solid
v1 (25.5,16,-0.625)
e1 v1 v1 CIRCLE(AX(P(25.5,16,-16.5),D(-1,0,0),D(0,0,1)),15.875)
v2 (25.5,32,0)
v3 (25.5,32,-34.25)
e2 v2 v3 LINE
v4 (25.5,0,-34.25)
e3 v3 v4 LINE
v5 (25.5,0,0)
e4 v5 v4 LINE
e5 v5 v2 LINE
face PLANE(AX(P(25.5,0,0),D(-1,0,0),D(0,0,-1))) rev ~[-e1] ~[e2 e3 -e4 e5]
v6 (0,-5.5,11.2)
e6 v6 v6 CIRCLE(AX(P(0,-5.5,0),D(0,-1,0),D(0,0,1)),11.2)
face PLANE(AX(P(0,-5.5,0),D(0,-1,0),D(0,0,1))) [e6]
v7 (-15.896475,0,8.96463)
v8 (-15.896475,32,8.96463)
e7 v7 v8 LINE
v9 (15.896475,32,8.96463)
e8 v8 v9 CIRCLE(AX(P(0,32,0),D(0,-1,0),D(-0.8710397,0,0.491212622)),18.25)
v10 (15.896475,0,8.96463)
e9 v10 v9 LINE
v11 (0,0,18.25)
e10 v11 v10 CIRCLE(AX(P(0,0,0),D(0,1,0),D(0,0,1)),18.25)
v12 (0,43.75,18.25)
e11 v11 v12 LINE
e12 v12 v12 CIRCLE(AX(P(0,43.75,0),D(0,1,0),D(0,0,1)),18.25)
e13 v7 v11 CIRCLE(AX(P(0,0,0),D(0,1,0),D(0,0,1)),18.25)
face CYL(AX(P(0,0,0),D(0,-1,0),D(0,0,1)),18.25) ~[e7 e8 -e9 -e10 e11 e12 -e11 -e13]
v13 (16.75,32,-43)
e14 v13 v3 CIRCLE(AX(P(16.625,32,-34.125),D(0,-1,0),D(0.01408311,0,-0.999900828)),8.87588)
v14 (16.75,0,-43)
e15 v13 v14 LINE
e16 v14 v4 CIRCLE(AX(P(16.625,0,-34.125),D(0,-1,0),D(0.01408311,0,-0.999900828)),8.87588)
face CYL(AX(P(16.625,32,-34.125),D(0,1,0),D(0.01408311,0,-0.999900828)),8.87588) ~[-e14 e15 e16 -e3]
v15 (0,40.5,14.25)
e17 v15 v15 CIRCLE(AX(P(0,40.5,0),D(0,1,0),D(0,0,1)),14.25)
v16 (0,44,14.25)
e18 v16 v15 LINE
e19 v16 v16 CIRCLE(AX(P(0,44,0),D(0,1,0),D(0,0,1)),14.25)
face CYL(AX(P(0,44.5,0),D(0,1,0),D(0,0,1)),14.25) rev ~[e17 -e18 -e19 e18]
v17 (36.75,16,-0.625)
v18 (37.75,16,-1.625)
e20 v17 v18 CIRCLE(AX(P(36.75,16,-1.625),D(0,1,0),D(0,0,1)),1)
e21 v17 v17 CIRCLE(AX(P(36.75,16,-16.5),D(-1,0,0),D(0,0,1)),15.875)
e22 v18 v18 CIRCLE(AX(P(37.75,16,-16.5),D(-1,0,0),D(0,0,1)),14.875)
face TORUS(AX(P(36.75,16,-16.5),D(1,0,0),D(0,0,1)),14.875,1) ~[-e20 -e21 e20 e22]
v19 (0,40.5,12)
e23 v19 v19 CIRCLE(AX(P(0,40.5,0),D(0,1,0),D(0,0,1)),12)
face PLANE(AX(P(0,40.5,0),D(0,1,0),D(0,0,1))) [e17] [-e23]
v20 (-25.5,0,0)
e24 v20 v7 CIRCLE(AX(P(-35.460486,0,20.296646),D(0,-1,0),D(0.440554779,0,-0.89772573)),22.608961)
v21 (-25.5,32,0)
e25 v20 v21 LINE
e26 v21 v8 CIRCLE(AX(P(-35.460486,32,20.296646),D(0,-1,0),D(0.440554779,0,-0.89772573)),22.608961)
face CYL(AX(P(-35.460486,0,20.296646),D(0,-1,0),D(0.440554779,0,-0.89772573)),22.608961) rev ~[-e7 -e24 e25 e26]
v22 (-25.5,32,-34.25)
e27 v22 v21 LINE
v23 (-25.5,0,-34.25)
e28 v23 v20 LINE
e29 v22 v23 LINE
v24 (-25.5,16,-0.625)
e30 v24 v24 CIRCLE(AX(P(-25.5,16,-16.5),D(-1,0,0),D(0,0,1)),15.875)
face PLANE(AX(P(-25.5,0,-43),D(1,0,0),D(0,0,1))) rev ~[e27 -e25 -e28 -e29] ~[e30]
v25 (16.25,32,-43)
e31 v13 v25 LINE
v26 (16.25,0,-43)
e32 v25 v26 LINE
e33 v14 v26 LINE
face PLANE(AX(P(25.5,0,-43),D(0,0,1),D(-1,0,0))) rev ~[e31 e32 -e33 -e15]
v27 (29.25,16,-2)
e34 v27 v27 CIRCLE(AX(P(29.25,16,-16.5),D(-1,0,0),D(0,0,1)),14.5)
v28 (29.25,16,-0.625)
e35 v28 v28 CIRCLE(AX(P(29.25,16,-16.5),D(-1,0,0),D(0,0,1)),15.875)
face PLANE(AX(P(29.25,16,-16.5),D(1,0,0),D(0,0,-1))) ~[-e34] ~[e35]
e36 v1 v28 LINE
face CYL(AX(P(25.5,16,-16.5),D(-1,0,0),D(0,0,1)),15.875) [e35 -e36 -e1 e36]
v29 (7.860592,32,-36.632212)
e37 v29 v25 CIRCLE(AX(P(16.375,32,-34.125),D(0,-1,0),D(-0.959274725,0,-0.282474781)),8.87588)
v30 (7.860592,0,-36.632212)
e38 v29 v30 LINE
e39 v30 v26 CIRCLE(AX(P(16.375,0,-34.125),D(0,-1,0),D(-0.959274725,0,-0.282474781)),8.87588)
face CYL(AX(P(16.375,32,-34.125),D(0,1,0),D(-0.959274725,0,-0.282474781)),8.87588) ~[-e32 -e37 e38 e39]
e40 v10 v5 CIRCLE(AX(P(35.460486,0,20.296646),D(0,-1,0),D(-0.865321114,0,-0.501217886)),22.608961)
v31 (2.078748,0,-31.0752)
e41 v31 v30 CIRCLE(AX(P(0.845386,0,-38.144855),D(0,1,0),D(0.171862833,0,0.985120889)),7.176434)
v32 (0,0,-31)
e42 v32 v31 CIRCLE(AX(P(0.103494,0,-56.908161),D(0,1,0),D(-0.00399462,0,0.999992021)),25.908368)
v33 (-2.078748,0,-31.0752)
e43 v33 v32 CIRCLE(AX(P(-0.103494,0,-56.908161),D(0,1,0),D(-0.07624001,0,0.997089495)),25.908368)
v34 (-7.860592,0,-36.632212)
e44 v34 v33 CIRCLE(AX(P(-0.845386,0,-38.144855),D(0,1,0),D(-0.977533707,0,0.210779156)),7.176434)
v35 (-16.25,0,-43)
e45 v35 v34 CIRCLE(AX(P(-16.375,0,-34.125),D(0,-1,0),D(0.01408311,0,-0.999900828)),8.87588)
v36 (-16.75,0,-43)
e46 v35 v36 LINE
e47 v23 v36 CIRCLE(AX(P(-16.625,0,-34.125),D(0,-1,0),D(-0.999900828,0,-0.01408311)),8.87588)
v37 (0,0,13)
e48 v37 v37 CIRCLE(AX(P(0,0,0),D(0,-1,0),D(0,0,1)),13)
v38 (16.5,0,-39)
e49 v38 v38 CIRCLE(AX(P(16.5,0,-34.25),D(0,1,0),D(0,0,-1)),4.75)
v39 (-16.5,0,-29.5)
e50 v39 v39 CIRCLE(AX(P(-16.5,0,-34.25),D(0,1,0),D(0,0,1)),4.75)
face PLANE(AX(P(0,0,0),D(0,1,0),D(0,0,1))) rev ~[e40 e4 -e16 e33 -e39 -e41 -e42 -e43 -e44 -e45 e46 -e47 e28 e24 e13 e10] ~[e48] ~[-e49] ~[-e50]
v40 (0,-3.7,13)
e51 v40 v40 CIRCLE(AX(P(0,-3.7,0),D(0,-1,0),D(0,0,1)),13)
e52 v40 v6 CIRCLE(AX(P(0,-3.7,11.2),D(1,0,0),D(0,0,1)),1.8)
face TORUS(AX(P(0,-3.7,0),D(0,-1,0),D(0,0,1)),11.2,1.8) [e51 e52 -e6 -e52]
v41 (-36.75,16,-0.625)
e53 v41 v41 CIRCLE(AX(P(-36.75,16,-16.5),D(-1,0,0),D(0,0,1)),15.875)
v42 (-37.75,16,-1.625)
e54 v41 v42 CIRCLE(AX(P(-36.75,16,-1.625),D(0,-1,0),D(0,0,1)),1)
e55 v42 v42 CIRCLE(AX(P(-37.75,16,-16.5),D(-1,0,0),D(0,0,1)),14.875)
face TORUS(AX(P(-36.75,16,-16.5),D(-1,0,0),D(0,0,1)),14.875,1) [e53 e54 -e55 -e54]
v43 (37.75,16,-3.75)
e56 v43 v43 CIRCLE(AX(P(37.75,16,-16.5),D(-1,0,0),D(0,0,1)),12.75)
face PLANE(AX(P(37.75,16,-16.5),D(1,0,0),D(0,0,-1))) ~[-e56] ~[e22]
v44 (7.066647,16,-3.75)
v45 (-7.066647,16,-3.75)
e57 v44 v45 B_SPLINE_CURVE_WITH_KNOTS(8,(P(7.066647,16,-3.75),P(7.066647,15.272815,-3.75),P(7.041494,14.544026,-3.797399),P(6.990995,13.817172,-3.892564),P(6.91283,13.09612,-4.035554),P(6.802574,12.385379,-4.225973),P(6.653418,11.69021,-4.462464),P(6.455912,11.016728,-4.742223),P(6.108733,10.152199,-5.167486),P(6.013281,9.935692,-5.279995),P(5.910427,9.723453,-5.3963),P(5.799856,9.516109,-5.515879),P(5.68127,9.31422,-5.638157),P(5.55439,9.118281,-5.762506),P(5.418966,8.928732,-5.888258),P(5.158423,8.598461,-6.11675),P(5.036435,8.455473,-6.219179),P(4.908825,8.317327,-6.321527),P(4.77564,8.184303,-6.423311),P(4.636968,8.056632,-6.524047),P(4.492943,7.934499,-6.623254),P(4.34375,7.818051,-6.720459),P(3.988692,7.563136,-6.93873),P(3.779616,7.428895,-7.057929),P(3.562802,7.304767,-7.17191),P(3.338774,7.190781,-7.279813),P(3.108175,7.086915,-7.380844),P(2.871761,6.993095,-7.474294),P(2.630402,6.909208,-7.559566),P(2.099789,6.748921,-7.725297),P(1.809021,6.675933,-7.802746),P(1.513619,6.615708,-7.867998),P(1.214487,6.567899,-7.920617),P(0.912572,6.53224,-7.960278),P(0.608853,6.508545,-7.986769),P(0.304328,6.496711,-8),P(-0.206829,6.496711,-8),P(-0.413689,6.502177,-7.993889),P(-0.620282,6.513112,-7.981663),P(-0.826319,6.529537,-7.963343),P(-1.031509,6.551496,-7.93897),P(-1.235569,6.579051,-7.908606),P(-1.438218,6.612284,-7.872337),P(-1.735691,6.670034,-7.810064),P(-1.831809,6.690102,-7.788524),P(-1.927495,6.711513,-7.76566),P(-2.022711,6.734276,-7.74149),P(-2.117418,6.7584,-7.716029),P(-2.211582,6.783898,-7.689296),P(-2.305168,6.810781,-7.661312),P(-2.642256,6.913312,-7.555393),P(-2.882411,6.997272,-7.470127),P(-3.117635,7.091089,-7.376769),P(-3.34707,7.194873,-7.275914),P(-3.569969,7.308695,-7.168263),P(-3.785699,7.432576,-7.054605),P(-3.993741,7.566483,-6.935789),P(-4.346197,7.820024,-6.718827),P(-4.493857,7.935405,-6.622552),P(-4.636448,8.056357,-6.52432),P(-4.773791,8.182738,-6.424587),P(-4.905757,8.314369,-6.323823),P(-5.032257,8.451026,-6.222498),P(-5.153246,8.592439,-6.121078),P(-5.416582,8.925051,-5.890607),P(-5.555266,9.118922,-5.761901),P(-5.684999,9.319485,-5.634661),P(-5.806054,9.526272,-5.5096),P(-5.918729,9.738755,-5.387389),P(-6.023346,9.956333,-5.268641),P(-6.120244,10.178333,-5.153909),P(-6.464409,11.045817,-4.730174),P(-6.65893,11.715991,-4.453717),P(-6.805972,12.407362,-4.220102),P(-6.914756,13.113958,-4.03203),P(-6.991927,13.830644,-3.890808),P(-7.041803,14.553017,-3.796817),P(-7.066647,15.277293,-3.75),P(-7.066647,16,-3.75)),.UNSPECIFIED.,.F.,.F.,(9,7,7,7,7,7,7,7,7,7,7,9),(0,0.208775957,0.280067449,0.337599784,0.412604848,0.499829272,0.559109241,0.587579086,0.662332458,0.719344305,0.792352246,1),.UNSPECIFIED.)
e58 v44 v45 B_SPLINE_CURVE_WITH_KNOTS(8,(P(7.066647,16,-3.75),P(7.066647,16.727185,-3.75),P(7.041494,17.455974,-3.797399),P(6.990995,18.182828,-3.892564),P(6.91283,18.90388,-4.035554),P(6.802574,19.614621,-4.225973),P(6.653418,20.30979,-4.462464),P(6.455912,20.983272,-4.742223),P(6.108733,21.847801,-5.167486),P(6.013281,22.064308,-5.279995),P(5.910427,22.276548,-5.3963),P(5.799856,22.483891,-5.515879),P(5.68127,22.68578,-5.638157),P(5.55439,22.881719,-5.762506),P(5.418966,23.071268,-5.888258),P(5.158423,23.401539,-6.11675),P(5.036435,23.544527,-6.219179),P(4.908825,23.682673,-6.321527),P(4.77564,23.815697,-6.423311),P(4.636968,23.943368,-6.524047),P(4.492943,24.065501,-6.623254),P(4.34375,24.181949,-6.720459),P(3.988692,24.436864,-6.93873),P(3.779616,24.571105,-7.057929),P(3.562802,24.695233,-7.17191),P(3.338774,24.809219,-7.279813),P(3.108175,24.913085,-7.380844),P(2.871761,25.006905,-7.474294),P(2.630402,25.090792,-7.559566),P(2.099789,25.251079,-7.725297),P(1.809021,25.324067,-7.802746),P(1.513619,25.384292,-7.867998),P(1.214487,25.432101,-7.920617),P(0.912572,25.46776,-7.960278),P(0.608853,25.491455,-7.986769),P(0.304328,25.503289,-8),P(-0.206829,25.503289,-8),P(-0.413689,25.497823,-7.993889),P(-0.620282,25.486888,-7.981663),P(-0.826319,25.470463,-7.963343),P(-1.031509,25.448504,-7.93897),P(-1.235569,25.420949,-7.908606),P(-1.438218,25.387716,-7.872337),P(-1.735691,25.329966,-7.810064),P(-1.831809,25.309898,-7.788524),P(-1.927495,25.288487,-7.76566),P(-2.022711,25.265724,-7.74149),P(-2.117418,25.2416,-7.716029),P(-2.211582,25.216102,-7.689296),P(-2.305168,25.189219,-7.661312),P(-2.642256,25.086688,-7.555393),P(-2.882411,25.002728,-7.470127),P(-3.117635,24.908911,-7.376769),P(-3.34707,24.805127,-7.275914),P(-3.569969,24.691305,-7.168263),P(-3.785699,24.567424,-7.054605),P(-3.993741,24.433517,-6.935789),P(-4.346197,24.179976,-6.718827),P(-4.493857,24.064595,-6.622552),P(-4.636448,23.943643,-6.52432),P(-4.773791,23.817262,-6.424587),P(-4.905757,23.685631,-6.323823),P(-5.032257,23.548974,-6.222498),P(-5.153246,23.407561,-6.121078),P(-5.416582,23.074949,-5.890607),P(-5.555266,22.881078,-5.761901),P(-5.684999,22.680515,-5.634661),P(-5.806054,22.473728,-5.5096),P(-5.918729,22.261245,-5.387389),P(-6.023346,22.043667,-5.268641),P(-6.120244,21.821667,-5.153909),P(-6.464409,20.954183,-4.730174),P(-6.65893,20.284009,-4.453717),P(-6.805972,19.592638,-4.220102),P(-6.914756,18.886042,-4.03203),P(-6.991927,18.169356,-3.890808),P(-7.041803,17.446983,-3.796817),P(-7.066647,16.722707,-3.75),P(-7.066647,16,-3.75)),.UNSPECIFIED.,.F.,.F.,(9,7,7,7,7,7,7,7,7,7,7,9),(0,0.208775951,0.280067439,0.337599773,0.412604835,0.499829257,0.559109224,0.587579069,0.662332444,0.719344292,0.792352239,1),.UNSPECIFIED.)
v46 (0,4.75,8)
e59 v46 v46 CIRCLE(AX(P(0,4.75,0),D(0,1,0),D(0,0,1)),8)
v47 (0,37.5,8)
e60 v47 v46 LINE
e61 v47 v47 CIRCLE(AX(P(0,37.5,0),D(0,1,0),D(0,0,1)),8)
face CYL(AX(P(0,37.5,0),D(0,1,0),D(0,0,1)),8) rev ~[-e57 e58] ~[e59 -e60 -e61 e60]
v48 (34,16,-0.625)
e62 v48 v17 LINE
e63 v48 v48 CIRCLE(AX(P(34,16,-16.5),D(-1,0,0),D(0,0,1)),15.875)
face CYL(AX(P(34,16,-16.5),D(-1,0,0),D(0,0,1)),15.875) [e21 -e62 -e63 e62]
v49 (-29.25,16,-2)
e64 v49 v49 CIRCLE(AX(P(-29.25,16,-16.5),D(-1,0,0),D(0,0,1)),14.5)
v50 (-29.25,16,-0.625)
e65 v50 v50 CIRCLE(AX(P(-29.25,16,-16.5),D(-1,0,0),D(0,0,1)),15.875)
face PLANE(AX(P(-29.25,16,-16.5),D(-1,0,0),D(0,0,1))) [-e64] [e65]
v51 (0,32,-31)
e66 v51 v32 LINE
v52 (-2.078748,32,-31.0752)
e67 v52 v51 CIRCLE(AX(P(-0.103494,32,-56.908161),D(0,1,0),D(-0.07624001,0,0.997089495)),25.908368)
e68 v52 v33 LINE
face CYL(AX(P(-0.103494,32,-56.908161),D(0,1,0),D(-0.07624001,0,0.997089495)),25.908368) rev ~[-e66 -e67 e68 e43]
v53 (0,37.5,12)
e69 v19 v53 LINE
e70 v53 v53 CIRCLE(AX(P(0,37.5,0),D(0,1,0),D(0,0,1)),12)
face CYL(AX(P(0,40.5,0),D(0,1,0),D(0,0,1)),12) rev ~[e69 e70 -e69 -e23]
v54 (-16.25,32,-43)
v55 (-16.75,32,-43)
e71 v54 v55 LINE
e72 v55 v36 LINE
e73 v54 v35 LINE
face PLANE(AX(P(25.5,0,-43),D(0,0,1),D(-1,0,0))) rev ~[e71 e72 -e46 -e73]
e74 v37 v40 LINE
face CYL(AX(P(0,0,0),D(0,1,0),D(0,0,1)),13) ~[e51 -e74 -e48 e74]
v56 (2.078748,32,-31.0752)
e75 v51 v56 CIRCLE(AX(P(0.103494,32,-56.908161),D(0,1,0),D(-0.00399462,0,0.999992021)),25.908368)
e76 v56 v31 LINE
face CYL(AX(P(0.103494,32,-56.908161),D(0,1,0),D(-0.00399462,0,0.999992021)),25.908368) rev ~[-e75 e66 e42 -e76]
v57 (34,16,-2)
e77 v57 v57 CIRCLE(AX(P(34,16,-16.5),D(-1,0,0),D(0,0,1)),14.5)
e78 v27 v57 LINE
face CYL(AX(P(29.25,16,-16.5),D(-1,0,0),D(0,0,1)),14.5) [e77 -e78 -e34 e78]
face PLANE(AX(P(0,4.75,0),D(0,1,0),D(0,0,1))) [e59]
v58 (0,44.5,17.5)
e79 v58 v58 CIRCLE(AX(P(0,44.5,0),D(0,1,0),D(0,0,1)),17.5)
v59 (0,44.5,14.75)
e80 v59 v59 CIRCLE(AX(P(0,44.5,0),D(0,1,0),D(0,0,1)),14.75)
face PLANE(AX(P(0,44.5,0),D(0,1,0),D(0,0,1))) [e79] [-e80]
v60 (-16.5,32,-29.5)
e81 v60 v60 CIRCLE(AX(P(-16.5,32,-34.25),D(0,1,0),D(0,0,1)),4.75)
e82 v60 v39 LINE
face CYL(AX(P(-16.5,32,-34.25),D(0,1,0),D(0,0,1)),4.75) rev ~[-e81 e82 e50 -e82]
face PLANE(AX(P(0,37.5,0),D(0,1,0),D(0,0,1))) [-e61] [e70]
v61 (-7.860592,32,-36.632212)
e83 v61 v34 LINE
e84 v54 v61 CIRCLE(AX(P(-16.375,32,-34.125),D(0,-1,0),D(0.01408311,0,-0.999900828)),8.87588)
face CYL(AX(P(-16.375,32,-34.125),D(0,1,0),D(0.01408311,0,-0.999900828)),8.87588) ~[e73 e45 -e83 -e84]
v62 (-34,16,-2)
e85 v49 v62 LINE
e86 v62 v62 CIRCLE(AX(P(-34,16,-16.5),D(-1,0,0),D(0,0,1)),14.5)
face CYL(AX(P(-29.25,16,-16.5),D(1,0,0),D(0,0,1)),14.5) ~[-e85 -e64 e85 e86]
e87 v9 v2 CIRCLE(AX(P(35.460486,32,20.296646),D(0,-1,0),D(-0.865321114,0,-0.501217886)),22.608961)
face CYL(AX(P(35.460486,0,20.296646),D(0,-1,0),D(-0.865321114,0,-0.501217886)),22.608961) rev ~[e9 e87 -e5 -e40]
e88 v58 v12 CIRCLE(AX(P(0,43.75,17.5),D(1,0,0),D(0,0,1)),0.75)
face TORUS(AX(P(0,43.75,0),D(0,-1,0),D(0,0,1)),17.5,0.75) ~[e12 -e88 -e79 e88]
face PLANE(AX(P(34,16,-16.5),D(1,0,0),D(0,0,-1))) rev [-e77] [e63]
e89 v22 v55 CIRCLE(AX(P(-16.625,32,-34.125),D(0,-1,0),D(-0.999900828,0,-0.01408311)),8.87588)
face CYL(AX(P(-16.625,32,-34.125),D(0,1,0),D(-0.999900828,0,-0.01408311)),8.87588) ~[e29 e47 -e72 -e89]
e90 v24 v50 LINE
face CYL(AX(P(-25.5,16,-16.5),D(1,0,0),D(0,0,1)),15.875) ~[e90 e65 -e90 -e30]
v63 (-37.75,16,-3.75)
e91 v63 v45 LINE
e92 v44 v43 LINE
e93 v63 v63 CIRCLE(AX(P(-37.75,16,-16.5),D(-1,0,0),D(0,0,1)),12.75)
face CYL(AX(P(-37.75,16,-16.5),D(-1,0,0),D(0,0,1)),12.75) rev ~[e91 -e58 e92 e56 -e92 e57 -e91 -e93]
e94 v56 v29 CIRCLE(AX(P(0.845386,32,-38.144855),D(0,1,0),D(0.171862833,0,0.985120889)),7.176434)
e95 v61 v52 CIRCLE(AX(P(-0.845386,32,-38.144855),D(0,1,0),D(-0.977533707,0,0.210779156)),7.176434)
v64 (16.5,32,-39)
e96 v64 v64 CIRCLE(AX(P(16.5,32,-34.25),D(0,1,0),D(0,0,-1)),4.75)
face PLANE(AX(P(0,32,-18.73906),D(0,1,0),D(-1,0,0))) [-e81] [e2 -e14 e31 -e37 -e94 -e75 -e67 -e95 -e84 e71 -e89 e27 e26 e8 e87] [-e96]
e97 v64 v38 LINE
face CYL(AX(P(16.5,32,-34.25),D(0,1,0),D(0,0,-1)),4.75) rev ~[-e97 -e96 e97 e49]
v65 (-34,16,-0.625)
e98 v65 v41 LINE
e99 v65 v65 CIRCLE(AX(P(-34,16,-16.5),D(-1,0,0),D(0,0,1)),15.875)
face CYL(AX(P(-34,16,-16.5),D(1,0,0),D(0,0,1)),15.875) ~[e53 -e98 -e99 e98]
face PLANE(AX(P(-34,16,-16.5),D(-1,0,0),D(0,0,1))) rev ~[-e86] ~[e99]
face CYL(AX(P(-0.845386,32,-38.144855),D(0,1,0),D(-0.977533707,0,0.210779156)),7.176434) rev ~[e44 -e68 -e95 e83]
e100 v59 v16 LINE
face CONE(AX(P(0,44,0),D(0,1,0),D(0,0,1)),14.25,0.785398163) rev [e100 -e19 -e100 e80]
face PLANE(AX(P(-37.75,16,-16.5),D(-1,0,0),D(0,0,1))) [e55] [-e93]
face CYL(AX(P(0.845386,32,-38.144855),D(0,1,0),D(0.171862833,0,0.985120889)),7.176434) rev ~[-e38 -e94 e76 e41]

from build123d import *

# Parameters (mm, degrees)
SKETCH1_R            = 18.25
BOSS_EXTRUDE1_DEPTH  = 44.5
BOSS_EXTRUDE2_DEPTH  = 32
SKETCH3_R            = 4.75
CUT_EXTRUDE2_DEPTH   = 32
CUT_EXTRUDE3_DEPTH   = 32
SKETCH5_R            = 14.25
CUT_EXTRUDE4_DEPTH   = 4
CHAMFER1_SIZE        = 0.5
FILLET1_R            = 0.75
SKETCH6_R            = 12
CUT_EXTRUDE5_DEPTH   = 3
SKETCH7_R            = 13
BOSS_EXTRUDE3_DEPTH  = 5.5
FILLET2_R            = 1.8
SKETCH8_R            = 15.875
BOSS_EXTRUDE4_DEPTH  = 3.75
SKETCH9_R            = 14.5
BOSS_EXTRUDE5_DEPTH  = 4.75
SKETCH10_R           = 15.875
BOSS_EXTRUDE6_DEPTH  = 3.75
FILLET3_R            = 1
FILLET3_OF_MIRROR1_R = 1
SKETCH11_R           = 12.75
CUT_EXTRUDE6_DEPTH   = 79.75
SKETCH12_R           = 8
CUT_EXTRUDE7_DEPTH   = 32.75


with BuildPart() as part:
    # Sketch1 → Boss-Extrude1 (new body)
    with BuildSketch(Plane(origin=(0, 0, 0), x_dir=(1, 0, 0), z_dir=(0, 1, 0))):
        Circle(SKETCH1_R)
    extrude(amount=BOSS_EXTRUDE1_DEPTH)

    # Sketch2 → Boss-Extrude2 (add)
    with BuildSketch(Plane.XZ):
        with BuildLine():
            Line((25.5, 0), (25.5, -43))
            Line((25.5, -43), (-25.5, -43))
            Line((-25.5, -43), (-25.5, 0))
            ThreePointArc((-25.5, 0), (-20.032746784, 3.769396236), (-15.896474532, 8.964630358))
            ThreePointArc((-15.896474532, 8.964630358), (0, -18.25), (15.896474532, 8.964630358))
            ThreePointArc((15.896474532, 8.964630358), (20.032746784, 3.769396236), (25.5, 0))
        make_face()
    extrude(amount=-BOSS_EXTRUDE2_DEPTH)

    # Sketch3 → Cut-Extrude2 (cut)
    with BuildSketch(Plane(origin=(0, 32, 0), x_dir=(1, 0, 0), z_dir=(0, 1, 0))):
        with Locations((-16.5, 34.25)):
            Circle(SKETCH3_R)
        with Locations((16.5, 34.25)):
            Circle(SKETCH3_R)
    extrude(amount=-CUT_EXTRUDE2_DEPTH, mode=Mode.SUBTRACT)

    # Sketch4 → Cut-Extrude3 (cut)
    with BuildSketch(Plane(origin=(0, 32, 0), x_dir=(1, 0, 0), z_dir=(0, 1, 0))):
        with BuildLine():
            Line((25.5, 43), (16.75, 43))
            ThreePointArc((16.75, 43), (22.901195105, 40.401195105), (25.5, 34.25))
            Line((25.5, 34.25), (25.5, 43))
        make_face()
        with BuildLine():
            Line((16.25, 43), (-16.25, 43))
            ThreePointArc((-16.25, 43), (-11.008714433, 41.194952561), (-7.860592425, 36.632212324))
            ThreePointArc((-7.860592425, 36.632212324), (-5.818294481, 32.970747376), (-2.07874831, 31.075199726))
            ThreePointArc((-2.07874831, 31.075199726), (-1.040129155, 31.016729364), (0, 31))
            ThreePointArc((0, 31), (1.040129155, 31.016729364), (2.07874831, 31.075199726))
            ThreePointArc((2.07874831, 31.075199726), (5.818294481, 32.970747376), (7.860592425, 36.632212324))
            ThreePointArc((7.860592425, 36.632212324), (11.008714433, 41.194952561), (16.25, 43))
        make_face()
        with BuildLine():
            Line((-16.75, 43), (-25.5, 43))
            Line((-25.5, 43), (-25.5, 34.25))
            ThreePointArc((-25.5, 34.25), (-22.901195105, 40.401195105), (-16.75, 43))
        make_face()
    extrude(amount=-CUT_EXTRUDE3_DEPTH, mode=Mode.SUBTRACT)

    # Sketch5 → Cut-Extrude4 (cut)
    with BuildSketch(Plane(origin=(0, 44.5, 0), x_dir=(1, 0, 0), z_dir=(0, 1, 0))):
        Circle(SKETCH5_R)
    extrude(amount=-CUT_EXTRUDE4_DEPTH, mode=Mode.SUBTRACT)

    # Chamfer1
    chamfer1_edges = [part.edges().sort_by_distance(p)[0] for p in [
        (-14.25, 44.5, 0),
    ]]
    chamfer(chamfer1_edges, length=CHAMFER1_SIZE)

    # Fillet1
    fillet1_edges = [part.edges().sort_by_distance(p)[0] for p in [
        (-18.25, 44.5, 0),
    ]]
    fillet(fillet1_edges, radius=FILLET1_R)

    # Sketch6 → Cut-Extrude5 (cut)
    with BuildSketch(Plane(origin=(0, 40.5, 0), x_dir=(1, 0, 0), z_dir=(0, 1, 0))):
        Circle(SKETCH6_R)
    extrude(amount=-CUT_EXTRUDE5_DEPTH, mode=Mode.SUBTRACT)

    # Sketch7 → Boss-Extrude3 (add)
    with BuildSketch(Plane.XZ):
        Circle(SKETCH7_R)
    extrude(amount=BOSS_EXTRUDE3_DEPTH)

    # Fillet2
    fillet2_edges = [part.edges().sort_by_distance(p)[0] for p in [
        (-13, -5.5, 0),
    ]]
    fillet(fillet2_edges, radius=FILLET2_R)

    # Sketch8 → Boss-Extrude4 (add)
    with BuildSketch(Plane.ZY.offset(25.5)):
        with Locations((-16.5, 16)):
            Circle(SKETCH8_R)
    boss_extrude4 = extrude(amount=BOSS_EXTRUDE4_DEPTH)

    # Sketch9 → Boss-Extrude5 (add)
    with BuildSketch(Plane.ZY.offset(29.25)):
        with Locations((-16.5, 16)):
            Circle(SKETCH9_R)
    boss_extrude5 = extrude(amount=BOSS_EXTRUDE5_DEPTH)

    # Sketch10 → Boss-Extrude6 (add)
    with BuildSketch(Plane.ZY.offset(34)):
        with Locations((-16.5, 16)):
            Circle(SKETCH10_R)
    boss_extrude6 = extrude(amount=BOSS_EXTRUDE6_DEPTH)

    # Fillet3
    fillet3_edges = [part.edges().sort_by_distance(p)[0] for p in [
        (-37.75, 16, -32.375),
    ]]
    fillet(fillet3_edges, radius=FILLET3_R)

    # Mirror1: Boss-Extrude4, Boss-Extrude5, Boss-Extrude6 across plane
    add(boss_extrude4.mirror(Plane(origin=(0, 0, 0), x_dir=(0, 0, 1), z_dir=(1, 0, 0))))
    add(boss_extrude5.mirror(Plane(origin=(0, 0, 0), x_dir=(0, 0, 1), z_dir=(1, 0, 0))))
    add(boss_extrude6.mirror(Plane(origin=(0, 0, 0), x_dir=(0, 0, 1), z_dir=(1, 0, 0))))

    # Fillet3 of Mirror1
    fillet3_of_mirror1_edges = [part.edges().sort_by_distance(p)[0] for p in [
        (37.75, 16, -32.375),
    ]]
    fillet(fillet3_of_mirror1_edges, radius=FILLET3_OF_MIRROR1_R)

    # Sketch11 → Cut-Extrude6 (cut)
    with BuildSketch(Plane.ZY.offset(37.75)):
        with Locations((-16.5, 16)):
            Circle(SKETCH11_R)
    extrude(amount=-CUT_EXTRUDE6_DEPTH, mode=Mode.SUBTRACT)

    # Sketch12 → Cut-Extrude7 (cut)
    with BuildSketch(Plane(origin=(0, 37.5, 0), x_dir=(1, 0, 0), z_dir=(0, 1, 0))):
        Circle(SKETCH12_R)
    extrude(amount=-CUT_EXTRUDE7_DEPTH, mode=Mode.SUBTRACT)


solid = part.part
